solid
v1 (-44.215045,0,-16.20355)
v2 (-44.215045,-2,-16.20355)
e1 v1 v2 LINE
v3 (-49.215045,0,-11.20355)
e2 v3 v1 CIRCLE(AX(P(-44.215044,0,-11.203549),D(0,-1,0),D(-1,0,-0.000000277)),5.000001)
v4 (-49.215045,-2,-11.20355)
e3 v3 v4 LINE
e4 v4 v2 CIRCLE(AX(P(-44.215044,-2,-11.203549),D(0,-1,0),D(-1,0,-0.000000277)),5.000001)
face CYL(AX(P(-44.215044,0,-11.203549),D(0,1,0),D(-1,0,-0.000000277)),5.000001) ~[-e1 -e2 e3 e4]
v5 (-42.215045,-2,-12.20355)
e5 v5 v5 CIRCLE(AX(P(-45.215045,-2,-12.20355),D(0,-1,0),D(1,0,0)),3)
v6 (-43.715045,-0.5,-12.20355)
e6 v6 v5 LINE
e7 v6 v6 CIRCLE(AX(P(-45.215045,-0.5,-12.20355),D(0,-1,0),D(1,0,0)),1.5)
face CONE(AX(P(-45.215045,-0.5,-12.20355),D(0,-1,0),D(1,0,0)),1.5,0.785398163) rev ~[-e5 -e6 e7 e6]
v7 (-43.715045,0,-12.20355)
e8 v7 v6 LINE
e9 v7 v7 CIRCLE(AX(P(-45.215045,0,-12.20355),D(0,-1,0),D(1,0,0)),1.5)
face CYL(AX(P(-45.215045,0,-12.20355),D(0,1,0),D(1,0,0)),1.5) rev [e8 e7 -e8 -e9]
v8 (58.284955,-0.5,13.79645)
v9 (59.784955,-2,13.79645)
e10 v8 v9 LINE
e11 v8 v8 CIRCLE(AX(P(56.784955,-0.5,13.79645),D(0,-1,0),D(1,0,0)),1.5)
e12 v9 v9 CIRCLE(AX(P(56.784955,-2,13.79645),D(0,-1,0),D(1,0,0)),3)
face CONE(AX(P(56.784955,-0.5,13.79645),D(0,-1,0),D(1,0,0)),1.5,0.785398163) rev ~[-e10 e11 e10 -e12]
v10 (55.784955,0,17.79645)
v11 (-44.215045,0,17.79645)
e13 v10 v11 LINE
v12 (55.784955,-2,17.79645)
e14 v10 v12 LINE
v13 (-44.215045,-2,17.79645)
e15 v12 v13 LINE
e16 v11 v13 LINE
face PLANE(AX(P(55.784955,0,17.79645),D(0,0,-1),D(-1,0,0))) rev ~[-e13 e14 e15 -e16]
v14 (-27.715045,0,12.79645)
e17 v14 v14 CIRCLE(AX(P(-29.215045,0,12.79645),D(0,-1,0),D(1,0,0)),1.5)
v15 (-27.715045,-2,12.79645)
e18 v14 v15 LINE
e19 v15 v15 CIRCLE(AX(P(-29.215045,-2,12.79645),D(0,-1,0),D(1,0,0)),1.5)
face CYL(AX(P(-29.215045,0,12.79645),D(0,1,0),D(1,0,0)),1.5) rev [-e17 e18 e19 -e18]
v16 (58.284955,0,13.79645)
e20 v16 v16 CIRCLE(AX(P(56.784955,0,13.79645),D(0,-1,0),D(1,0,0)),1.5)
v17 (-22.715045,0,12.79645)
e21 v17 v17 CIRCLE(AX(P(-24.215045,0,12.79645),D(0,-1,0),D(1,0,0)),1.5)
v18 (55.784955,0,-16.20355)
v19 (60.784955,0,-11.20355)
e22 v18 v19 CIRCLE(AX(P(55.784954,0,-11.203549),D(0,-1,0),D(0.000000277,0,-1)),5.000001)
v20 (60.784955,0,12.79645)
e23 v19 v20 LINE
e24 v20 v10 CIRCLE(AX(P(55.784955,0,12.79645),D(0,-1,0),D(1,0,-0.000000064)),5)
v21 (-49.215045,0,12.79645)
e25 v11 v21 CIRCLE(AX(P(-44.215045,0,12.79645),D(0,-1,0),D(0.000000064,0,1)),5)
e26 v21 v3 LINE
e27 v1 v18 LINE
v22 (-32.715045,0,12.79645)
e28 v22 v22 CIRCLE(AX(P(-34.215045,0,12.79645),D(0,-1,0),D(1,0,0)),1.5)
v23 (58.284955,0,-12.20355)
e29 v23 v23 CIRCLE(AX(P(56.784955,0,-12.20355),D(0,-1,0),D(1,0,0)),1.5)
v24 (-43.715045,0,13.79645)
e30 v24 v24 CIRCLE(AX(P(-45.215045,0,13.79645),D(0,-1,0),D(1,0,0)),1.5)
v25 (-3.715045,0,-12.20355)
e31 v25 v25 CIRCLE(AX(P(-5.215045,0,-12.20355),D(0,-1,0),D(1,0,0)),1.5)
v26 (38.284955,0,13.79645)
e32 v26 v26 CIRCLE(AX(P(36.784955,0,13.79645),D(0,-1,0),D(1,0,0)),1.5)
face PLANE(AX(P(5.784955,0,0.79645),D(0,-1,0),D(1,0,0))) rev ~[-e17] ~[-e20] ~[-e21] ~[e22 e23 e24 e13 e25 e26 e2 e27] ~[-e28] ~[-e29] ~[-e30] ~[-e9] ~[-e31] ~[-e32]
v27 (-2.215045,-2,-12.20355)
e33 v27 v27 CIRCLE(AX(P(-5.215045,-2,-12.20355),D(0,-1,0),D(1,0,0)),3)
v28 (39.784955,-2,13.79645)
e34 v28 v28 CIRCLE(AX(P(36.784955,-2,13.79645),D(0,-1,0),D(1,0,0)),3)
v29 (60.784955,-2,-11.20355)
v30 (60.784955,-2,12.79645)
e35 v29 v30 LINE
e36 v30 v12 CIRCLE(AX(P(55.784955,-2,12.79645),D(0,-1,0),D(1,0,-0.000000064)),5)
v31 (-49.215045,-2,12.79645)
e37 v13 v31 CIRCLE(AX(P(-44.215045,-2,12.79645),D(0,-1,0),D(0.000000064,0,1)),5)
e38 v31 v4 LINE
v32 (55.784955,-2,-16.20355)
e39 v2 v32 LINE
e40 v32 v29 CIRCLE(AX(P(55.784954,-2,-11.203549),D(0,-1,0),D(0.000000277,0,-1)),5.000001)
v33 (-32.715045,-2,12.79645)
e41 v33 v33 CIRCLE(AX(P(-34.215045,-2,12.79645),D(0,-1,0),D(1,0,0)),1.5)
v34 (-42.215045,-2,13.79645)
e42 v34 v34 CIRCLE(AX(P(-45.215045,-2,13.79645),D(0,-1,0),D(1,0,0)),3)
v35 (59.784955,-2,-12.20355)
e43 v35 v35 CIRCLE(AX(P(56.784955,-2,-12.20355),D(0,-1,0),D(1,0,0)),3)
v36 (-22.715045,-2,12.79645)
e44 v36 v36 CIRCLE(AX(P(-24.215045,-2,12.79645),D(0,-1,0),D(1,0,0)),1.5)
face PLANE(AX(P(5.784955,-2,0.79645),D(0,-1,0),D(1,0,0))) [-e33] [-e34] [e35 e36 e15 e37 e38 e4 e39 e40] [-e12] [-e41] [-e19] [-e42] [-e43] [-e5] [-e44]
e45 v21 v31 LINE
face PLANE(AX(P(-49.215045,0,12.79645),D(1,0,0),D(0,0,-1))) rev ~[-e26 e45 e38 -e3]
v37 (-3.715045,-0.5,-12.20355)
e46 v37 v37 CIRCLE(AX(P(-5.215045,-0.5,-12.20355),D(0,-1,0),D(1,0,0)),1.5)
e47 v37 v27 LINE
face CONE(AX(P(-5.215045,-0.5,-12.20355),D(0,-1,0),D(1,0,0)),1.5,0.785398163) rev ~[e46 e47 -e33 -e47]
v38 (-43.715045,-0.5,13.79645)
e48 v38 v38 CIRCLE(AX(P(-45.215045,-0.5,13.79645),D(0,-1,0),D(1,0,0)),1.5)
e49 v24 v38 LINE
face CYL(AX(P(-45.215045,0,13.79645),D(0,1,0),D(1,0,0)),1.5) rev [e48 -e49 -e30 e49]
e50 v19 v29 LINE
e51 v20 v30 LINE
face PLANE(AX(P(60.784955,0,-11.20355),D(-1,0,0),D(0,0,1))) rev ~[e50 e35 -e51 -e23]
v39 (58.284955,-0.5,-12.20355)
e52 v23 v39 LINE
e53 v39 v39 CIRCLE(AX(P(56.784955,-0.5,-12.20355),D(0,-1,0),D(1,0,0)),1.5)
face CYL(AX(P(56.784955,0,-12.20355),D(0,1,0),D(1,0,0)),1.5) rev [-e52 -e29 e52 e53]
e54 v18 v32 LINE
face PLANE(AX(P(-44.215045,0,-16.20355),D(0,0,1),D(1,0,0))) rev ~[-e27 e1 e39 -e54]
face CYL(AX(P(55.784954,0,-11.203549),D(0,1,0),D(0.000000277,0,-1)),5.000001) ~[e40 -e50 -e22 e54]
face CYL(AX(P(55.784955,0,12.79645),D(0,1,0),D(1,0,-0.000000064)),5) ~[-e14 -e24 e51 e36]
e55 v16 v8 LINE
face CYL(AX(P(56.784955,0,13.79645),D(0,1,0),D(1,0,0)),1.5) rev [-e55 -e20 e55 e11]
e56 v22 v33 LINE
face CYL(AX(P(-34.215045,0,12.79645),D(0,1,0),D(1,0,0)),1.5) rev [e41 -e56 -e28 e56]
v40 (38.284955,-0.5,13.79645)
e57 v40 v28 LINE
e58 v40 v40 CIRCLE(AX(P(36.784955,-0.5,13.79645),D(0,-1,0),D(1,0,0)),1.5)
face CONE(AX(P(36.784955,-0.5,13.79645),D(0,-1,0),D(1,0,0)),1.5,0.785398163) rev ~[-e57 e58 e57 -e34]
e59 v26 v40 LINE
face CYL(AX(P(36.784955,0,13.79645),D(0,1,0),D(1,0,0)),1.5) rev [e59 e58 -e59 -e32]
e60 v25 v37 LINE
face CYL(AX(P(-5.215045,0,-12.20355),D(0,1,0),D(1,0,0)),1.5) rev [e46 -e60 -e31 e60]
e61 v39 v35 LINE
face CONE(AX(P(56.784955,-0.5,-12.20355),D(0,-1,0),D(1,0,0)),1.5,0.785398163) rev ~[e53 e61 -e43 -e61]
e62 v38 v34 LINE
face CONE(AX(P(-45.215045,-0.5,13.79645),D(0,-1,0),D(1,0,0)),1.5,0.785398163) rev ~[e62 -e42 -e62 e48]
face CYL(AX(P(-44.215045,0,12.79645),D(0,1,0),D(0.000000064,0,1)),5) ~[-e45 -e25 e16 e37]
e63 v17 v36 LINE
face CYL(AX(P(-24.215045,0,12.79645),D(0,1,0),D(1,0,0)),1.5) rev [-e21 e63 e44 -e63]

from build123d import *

# Parameters (mm, degrees)
F0_R     = 1.5
F1_DEPTH = 2
F2_SIZE  = 1.5


with BuildPart() as f1:
    # F0 (on Front) → F1 (new body)
    with BuildSketch(Plane.XZ):
        with BuildLine():
            Line((55.784955, 17.79645), (-44.215045, 17.79645))
            ThreePointArc((-44.215045, 17.79645), (-47.750579, 16.331984), (-49.215045, 12.79645))
            Line((-49.215045, 12.79645), (-49.215045, -11.20355))
            ThreePointArc((-49.215045, -11.20355), (-47.750579, -14.739083), (-44.215045, -16.20355))
            Line((-44.215045, -16.20355), (55.784955, -16.20355))
            ThreePointArc((55.784955, -16.20355), (59.320489, -14.739083), (60.784955, -11.20355))
            Line((60.784955, -11.20355), (60.784955, 12.79645))
            ThreePointArc((60.784955, 12.79645), (59.320489, 16.331984), (55.784955, 17.79645))
        make_face()
        with Locations((-45.215045, -12.20355)):
            Circle(F0_R, mode=Mode.SUBTRACT)
        with Locations((-5.215045, -12.20355)):
            Circle(F0_R, mode=Mode.SUBTRACT)
        with Locations((56.784955, -12.20355)):
            Circle(F0_R, mode=Mode.SUBTRACT)
        with Locations((-34.215045, 12.79645)):
            Circle(F0_R, mode=Mode.SUBTRACT)
        with Locations((-29.215045, 12.79645)):
            Circle(F0_R, mode=Mode.SUBTRACT)
        with Locations((-24.215045, 12.79645)):
            Circle(F0_R, mode=Mode.SUBTRACT)
        with Locations((-45.215045, 13.79645)):
            Circle(F0_R, mode=Mode.SUBTRACT)
        with Locations((36.784955, 13.79645)):
            Circle(F0_R, mode=Mode.SUBTRACT)
        with Locations((56.784955, 13.79645)):
            Circle(F0_R, mode=Mode.SUBTRACT)
    extrude(amount=F1_DEPTH)

    # F2
    f2_edges = [f1.edges().sort_by_distance(p)[0] for p in [
        (-46.715045, -2, 13.79645),
        (-46.715045, -2, -12.20355),
        (-6.715045, -2, -12.20355),
        (35.284955, -2, 13.79645),
        (55.284955, -2, 13.79645),
        (55.284955, -2, -12.20355),
    ]]
    chamfer(f2_edges, length=F2_SIZE)


solid = f1.part
